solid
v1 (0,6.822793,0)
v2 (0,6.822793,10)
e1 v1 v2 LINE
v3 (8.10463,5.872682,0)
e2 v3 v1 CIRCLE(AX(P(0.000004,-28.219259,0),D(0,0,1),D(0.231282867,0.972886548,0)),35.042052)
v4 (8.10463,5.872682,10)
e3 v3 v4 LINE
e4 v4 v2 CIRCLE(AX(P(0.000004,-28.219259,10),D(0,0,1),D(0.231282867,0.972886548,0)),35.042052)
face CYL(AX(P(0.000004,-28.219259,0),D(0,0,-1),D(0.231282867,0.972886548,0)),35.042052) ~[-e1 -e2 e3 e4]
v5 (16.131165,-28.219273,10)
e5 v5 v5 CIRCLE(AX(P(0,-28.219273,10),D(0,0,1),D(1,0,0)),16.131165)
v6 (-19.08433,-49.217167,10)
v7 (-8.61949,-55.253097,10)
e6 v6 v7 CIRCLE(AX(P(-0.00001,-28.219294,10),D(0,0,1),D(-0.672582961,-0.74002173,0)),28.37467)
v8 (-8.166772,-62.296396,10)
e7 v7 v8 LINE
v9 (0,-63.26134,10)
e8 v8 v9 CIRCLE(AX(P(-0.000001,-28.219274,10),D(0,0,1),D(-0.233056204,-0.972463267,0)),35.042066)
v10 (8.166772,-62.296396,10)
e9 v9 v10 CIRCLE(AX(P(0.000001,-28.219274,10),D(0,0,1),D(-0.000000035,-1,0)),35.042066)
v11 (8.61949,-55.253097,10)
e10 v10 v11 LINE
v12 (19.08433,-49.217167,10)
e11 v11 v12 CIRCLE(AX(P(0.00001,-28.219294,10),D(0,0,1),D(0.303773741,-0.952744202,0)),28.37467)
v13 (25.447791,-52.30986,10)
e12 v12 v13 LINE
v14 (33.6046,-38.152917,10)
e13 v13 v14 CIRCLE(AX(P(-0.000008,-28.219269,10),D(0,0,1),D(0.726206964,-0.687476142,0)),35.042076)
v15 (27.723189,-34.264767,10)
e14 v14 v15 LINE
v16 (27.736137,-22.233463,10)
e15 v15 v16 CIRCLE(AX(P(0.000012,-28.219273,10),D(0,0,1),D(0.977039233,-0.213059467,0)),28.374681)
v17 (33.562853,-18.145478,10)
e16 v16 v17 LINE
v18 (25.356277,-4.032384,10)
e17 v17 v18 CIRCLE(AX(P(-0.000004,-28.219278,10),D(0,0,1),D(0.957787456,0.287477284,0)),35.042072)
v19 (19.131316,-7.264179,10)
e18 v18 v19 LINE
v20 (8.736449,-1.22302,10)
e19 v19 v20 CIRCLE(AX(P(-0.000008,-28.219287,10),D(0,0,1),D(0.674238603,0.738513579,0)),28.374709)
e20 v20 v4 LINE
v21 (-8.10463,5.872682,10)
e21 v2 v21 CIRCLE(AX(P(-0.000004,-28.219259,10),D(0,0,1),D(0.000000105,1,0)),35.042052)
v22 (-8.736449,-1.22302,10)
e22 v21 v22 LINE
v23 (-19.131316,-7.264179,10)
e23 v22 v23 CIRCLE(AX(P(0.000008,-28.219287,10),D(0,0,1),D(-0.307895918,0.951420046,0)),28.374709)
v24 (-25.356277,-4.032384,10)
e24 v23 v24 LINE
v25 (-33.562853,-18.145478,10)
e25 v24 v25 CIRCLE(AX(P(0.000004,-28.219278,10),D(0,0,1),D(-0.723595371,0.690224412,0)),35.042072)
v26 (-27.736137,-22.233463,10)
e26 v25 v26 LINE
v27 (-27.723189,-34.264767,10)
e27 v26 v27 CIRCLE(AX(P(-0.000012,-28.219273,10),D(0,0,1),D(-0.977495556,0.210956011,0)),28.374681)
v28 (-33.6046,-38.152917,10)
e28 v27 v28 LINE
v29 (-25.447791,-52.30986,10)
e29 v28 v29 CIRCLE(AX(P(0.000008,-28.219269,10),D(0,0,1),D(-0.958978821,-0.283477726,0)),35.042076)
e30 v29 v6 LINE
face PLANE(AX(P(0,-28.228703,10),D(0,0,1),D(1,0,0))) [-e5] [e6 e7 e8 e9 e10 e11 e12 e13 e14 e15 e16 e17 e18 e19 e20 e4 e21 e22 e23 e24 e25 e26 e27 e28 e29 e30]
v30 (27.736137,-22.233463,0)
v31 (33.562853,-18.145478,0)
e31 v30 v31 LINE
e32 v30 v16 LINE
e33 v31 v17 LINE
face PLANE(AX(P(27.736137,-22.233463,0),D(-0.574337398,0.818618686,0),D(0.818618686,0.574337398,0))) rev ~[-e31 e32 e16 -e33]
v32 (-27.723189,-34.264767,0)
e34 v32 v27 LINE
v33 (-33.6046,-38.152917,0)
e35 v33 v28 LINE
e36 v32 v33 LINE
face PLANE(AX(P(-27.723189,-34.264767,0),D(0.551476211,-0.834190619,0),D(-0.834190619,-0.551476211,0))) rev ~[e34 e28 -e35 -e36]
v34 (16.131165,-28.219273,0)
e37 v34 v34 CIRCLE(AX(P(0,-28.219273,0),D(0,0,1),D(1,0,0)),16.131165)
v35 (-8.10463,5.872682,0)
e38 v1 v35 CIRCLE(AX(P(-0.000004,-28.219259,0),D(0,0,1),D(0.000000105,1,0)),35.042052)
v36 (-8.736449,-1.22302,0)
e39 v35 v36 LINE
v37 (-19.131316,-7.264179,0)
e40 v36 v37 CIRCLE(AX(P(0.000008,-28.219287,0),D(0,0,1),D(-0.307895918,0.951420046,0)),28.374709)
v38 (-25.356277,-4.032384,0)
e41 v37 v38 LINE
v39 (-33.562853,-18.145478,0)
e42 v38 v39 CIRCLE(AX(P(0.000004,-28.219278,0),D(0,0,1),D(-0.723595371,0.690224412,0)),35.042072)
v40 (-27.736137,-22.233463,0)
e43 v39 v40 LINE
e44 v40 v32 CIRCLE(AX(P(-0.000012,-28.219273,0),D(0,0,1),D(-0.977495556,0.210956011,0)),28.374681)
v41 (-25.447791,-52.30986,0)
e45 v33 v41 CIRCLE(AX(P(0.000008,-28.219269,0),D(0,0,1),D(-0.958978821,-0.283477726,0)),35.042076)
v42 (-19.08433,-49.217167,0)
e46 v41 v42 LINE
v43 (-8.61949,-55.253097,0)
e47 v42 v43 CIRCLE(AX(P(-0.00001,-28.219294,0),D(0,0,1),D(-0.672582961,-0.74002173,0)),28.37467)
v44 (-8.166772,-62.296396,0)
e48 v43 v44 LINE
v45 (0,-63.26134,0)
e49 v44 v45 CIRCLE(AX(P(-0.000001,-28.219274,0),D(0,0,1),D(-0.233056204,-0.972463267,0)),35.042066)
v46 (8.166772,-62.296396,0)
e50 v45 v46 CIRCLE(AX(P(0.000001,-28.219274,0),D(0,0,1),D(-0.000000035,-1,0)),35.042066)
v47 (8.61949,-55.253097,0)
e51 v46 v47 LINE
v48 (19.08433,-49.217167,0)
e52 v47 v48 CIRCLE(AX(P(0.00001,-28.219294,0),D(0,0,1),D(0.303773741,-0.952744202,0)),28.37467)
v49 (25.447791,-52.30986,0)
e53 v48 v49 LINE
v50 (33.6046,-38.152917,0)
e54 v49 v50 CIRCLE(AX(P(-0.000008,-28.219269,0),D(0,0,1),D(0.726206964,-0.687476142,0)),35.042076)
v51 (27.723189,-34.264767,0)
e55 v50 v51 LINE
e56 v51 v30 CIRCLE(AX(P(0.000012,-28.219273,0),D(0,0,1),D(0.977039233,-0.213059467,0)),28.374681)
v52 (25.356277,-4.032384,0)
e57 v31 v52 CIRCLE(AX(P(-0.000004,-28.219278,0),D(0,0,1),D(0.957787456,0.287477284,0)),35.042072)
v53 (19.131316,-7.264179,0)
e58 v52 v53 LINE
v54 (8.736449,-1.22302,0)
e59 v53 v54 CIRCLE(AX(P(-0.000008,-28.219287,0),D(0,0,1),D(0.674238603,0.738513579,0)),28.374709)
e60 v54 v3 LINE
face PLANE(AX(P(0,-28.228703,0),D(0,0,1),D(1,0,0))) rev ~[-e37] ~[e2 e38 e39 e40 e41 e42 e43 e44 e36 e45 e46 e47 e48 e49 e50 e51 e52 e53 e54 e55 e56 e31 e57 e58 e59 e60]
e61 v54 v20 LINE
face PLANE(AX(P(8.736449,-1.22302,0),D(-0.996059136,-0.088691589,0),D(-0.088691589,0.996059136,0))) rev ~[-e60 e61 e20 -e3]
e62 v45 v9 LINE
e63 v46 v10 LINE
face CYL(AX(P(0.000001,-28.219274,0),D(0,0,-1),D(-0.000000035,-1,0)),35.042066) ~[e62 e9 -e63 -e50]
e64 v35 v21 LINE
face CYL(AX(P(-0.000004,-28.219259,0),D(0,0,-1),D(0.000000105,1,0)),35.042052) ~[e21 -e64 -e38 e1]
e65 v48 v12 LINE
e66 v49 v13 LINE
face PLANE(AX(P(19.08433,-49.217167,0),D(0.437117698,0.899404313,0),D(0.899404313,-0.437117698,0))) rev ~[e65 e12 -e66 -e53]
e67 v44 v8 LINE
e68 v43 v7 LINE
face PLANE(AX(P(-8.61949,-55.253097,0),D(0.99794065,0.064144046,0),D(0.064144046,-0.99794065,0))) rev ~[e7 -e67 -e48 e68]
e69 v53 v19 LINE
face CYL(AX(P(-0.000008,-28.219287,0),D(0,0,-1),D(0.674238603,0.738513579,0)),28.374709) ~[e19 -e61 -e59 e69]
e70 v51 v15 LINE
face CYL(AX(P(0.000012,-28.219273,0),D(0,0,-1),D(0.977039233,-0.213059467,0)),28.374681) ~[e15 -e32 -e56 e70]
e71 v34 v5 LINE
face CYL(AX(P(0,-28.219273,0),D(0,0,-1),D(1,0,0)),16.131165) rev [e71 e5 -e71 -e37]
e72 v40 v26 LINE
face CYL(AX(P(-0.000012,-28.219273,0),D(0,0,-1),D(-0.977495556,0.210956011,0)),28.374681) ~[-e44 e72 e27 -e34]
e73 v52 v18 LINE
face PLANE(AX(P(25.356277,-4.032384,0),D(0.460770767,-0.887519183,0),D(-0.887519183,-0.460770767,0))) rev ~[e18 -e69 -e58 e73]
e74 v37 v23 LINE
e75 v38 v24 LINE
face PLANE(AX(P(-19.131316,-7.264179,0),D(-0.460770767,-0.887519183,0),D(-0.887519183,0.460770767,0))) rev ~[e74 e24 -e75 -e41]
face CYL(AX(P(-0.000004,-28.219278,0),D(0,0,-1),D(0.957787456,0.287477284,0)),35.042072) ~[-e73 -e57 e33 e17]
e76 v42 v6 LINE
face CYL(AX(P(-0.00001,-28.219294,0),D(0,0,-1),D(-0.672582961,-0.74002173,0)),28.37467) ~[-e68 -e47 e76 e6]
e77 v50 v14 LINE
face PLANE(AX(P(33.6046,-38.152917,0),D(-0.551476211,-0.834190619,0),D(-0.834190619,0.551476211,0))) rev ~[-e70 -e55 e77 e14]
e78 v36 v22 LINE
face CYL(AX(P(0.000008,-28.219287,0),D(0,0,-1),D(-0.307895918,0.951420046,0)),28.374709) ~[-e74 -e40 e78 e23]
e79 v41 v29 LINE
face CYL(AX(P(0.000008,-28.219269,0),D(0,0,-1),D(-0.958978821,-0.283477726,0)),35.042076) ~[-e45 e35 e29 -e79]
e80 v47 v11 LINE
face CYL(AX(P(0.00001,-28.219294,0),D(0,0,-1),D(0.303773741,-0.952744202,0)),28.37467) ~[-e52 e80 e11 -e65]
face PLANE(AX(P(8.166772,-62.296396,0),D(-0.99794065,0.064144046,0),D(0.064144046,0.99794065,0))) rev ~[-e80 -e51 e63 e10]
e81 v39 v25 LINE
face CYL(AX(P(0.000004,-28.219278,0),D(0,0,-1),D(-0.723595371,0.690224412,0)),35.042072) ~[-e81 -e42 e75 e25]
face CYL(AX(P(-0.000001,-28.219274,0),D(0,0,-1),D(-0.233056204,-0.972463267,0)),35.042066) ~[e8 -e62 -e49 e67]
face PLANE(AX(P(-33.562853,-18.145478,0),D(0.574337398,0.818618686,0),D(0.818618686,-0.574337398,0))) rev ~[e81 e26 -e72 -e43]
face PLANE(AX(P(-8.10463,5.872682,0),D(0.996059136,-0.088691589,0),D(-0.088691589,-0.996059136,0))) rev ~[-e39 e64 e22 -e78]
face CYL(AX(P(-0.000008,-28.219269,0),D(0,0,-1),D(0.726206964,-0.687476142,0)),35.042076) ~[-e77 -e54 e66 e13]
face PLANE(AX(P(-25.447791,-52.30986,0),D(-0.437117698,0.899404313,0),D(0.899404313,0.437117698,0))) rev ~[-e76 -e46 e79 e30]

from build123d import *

# Parameters (mm, degrees)
F0_R     = 16.131165
F1_DEPTH = 10


with BuildPart() as f1:
    # F0 (on Top) → F1 (new body)
    with BuildSketch(Plane.XY):
        with BuildLine():
            Line((-8.10463, 5.872682), (-8.736449, -1.22302))
            ThreePointArc((-8.736449, -1.22302), (-14.257524, -3.686719), (-19.131316, -7.264179))
            Line((-19.131316, -7.264179), (-25.356277, -4.032384))
            ThreePointArc((-25.356277, -4.032384), (-30.292917, -10.604348), (-33.562853, -18.145478))
            Line((-33.562853, -18.145478), (-27.736137, -22.233463))
            ThreePointArc((-27.736137, -22.233463), (-28.374677, -28.249809), (-27.723189, -34.264767))
            Line((-27.723189, -34.264767), (-33.6046, -38.152917))
            ThreePointArc((-33.6046, -38.152917), (-30.362822, -45.713428), (-25.447791, -52.30986))
            Line((-25.447791, -52.30986), (-19.08433, -49.217167))
            ThreePointArc((-19.08433, -49.217167), (-14.176866, -52.798527), (-8.61949, -55.253097))
            Line((-8.61949, -55.253097), (-8.166772, -62.296396))
            ThreePointArc((-8.166772, -62.296396), (-4.11179, -63.019268), (0, -63.26134))
            ThreePointArc((0, -63.26134), (4.11179, -63.019268), (8.166772, -62.296396))
            Line((8.166772, -62.296396), (8.61949, -55.253097))
            ThreePointArc((8.61949, -55.253097), (14.176866, -52.798527), (19.08433, -49.217167))
            Line((19.08433, -49.217167), (25.447791, -52.30986))
            ThreePointArc((25.447791, -52.30986), (30.362822, -45.713428), (33.6046, -38.152917))
            Line((33.6046, -38.152917), (27.723189, -34.264767))
            ThreePointArc((27.723189, -34.264767), (28.374677, -28.249809), (27.736137, -22.233463))
            Line((27.736137, -22.233463), (33.562853, -18.145478))
            ThreePointArc((33.562853, -18.145478), (30.292917, -10.604348), (25.356277, -4.032384))
            Line((25.356277, -4.032384), (19.131316, -7.264179))
            ThreePointArc((19.131316, -7.264179), (14.257524, -3.686719), (8.736449, -1.22302))
            Line((8.736449, -1.22302), (8.10463, 5.872682))
            ThreePointArc((8.10463, 5.872682), (4.080065, 6.584455), (0, 6.822793))
            ThreePointArc((0, 6.822793), (-4.080065, 6.584455), (-8.10463, 5.872682))
        make_face()
        with Locations((0, -28.219273)):
            Circle(F0_R, mode=Mode.SUBTRACT)
    extrude(amount=F1_DEPTH)


solid = f1.part
